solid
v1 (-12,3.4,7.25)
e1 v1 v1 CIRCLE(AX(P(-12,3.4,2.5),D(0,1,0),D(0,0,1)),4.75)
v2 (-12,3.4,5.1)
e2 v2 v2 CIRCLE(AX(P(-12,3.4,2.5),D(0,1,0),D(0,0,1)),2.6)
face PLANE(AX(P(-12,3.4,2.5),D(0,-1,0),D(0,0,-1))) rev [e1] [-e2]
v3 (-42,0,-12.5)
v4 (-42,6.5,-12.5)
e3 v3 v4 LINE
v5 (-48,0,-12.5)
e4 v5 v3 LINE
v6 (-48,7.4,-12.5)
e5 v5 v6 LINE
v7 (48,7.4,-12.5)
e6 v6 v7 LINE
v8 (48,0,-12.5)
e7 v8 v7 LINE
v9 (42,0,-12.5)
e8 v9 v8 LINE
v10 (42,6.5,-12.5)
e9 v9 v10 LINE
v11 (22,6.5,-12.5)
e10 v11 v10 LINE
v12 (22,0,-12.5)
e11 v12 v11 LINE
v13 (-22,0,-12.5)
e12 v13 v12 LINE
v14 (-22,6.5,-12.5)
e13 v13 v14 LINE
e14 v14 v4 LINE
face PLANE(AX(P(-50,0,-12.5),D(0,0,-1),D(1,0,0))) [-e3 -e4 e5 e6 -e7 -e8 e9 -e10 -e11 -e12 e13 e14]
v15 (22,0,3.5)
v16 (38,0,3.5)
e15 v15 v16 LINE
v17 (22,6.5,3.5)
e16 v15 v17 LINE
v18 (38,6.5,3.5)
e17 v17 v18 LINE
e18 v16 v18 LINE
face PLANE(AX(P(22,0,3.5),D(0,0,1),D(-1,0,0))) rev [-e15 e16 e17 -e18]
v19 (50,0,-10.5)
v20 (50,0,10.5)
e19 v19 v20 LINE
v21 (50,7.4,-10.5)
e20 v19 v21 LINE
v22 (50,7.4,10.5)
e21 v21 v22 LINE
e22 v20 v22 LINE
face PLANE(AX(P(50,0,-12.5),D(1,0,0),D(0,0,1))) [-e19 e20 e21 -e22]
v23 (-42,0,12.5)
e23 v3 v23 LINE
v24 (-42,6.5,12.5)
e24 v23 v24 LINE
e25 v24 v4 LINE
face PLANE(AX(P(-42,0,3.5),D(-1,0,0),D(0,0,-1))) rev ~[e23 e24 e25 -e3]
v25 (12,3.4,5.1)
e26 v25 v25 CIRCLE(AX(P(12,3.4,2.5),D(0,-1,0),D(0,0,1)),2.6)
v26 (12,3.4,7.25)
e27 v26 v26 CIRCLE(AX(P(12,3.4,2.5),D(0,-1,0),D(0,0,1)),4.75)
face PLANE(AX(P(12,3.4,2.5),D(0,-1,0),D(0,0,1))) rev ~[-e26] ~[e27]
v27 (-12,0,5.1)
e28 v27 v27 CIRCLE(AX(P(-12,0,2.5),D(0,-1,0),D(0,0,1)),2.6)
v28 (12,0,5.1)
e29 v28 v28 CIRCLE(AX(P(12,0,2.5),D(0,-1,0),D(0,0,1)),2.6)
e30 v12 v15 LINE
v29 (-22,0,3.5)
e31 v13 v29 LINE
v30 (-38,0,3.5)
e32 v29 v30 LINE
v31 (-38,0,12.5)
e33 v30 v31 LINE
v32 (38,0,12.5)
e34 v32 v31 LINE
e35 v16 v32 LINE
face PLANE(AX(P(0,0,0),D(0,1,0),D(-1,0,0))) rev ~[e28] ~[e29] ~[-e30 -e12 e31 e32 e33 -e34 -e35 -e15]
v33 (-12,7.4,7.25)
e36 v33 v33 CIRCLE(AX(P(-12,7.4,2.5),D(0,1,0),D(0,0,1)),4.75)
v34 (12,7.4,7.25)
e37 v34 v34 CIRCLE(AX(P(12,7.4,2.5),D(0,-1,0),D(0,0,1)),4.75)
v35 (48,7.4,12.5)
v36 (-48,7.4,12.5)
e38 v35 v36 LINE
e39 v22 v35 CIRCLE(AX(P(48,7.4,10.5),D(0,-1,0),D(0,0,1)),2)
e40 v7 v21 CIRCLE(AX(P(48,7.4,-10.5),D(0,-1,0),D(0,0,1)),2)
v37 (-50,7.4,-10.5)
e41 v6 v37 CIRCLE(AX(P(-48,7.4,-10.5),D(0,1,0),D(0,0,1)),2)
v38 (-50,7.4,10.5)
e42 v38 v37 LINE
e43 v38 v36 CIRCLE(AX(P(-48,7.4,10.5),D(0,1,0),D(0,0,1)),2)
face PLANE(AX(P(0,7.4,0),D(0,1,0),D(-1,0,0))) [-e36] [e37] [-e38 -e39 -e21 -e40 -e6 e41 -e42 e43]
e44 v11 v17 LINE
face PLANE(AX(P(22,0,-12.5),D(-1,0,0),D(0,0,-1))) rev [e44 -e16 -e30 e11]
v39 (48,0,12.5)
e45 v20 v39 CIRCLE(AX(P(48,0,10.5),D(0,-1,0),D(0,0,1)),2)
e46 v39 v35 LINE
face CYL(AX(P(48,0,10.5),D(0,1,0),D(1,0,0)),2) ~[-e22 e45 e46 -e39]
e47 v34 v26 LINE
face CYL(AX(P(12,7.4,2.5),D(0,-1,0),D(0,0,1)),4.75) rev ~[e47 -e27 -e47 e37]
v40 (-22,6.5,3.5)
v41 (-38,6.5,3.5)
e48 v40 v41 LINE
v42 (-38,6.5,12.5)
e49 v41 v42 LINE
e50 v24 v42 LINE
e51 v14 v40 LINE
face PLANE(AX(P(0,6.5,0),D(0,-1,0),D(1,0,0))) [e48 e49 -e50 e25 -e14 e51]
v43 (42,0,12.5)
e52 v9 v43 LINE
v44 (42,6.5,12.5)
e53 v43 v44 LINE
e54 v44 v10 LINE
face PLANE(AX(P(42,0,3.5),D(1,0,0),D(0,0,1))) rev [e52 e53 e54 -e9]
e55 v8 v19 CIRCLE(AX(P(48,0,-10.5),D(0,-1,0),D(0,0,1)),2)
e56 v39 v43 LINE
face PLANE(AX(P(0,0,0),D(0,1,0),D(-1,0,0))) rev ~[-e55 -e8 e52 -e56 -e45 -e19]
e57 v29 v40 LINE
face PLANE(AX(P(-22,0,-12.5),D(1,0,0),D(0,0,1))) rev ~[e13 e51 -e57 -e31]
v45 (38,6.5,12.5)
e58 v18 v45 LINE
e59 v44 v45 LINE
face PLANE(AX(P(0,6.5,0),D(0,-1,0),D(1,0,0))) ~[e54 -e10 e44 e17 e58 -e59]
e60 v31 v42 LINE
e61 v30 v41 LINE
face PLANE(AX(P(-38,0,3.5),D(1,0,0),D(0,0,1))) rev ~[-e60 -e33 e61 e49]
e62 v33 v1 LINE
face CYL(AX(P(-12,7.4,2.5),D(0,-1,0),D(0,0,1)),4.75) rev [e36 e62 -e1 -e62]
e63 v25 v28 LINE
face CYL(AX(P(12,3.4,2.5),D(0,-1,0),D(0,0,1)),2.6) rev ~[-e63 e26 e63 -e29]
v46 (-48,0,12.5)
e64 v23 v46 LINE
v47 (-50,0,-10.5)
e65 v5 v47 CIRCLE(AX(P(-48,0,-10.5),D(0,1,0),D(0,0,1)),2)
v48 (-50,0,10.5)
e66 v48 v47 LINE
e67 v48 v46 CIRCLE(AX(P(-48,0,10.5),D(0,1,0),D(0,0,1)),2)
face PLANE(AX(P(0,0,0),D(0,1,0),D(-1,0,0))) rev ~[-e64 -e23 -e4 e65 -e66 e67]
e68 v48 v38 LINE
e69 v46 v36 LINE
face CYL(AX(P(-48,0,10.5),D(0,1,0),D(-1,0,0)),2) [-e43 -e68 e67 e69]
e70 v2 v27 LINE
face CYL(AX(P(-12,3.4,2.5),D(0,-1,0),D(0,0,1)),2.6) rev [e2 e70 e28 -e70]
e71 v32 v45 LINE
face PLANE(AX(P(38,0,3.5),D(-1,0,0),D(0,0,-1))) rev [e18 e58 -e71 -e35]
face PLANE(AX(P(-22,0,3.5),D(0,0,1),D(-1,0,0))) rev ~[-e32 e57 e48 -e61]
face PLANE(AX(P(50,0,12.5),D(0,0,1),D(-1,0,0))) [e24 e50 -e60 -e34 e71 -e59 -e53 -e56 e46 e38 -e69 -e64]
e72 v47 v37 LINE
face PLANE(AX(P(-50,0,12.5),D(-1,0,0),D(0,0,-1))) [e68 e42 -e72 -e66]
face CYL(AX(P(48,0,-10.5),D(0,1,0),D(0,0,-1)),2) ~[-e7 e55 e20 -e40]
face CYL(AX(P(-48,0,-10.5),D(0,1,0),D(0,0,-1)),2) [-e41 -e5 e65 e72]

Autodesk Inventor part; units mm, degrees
ref_plane "YZ Plane" through (0, 0, 0) normal (1, 0, 0) x (0, 1, 0)
ref_plane "XZ Plane" through (0, 0, 0) normal (0, 1, 0) x (-1, 0, 0)
ref_plane "XY Plane" through (0, 0, 0) normal (0, 0, 1) x (1, 0, 0)
sketch "Sketch1" plane through (0, 0, 0) normal (0, 1, 0) x (-1, 0, 0)
  line L0 (50, -12.5) -> (-50, -12.5)
  line L1 (-50, -12.5) -> (-50, 12.5)
  line L2 (-50, 12.5) -> (50, 12.5)
  line L3 (50, 12.5) -> (50, -12.5)
  line L4 (50, -12.5) -> (-50, 12.5) construction
  line L5 (-50, -12.5) -> (50, 12.5) construction
  point P0 (0, 0)
  dimension "d0" = 100
  dimension "d1" = 25
extrude "Extrusion1" add sketch "Sketch1" along normal blind 7.4
sketch "Sketch2" plane through (0, 7.4, 0) normal (0, 1, 0) x (1, 0, 0)
  line L0 (-32.5, 12.8309) -> (-37.5, 12.8309) projected
  line L1 (-37.5, 12.8309) -> (-37.5, 27.8309) projected
  line L2 (-37.5, 27.8309) -> (-32.5, 27.8309) projected
  line L3 (-32.5, 27.8309) -> (-32.5, 12.8309) projected
  line L4 (32.5, 12.8309) -> (37.5, 12.8309) projected
  line L5 (32.5, 27.8309) -> (32.5, 12.8309) projected
  line L6 (37.5, 27.8309) -> (32.5, 27.8309) projected
  line L7 (37.5, 12.8309) -> (37.5, 27.8309) projected
  line L8 (-50, -12.5) -> (50, -12.5) projected
  line L9 (50, -12.5) -> (50, 12.5) projected
  line L10 (50, 12.5) -> (-50, 12.5) projected
  line L11 (-50, 12.5) -> (-50, -12.5) projected
  line L12 (-42, 12.5) -> (-22, 12.5)
  line L13 (-22, 12.5) -> (-22, -3.5)
  line L14 (-22, -3.5) -> (-42, -3.5)
  line L15 (-42, -3.5) -> (-42, 12.5)
  line L16 (-42, -3.5) -> (-42, -12.5)
  line L17 (-38, -3.5) -> (-38, -12.5)
  point P0 (0, 0)
  point P1 (-35, 12.8309)
  point P2 (-22, 12.5)
  dimension "d4" = 7
  dimension "d5" = 20
  dimension "d6" = 16
  dimension "d7" = 4
sketch "Sketch3" plane through (0, 7.4, 0) normal (0, 1, 0) x (1, 0, 0)
  line L0 (50, 12.5) -> (-50, 12.5) projected
  line L1 (-50, -12.5) -> (50, -12.5) projected
  line L2 (50, -12.5) -> (50, 12.5) projected
  line L3 (-50, 12.5) -> (-50, -12.5) projected
  point P0 (0, 0)
  point P1 (12, -2.5)
  dimension "d11" = 12
  dimension "d12" = 15
hole "Hole1" at (12, 7.4, 2.5) direction (0, -1, 0) diameter 5.2 end through all counterbore diameter 9.5 counterbore depth 4
fillet "Fillet1" radius 2 4 edges at (50, 3.7, 12.5) (50, 3.7, -12.5) (-50, 3.7, 12.5) (-50, 3.7, -12.5)
sketch "Sketch4" plane through (0, 0, 0) normal (0, -1, 0) x (1, 0, 0)
  line L0 (-22, -12.5) -> (-22, 3.5) projected
  line L1 (-22, 3.5) -> (-42, 3.5) projected
  line L2 (48, -12.5) -> (-48, -12.5) projected
  line L3 (-42, 3.5) -> (-42, -12.5) projected
  line L4 (-42, 3.5) -> (-42, 12.5) projected
  line L5 (-38, 3.5) -> (-38, 12.5) projected
  line L6 (-48, 12.5) -> (48, 12.5) projected
  point P0 (0, 0)
extrude "Extrusion3" cut sketch "Sketch4" against normal blind 6.5
mirror "Mirror2" about plane through (0, 0, 0) normal (1, 0, 0) of "Hole1", "Extrusion3"
properties part number "Limit Switch Bracket" material "ABS Plastic"
